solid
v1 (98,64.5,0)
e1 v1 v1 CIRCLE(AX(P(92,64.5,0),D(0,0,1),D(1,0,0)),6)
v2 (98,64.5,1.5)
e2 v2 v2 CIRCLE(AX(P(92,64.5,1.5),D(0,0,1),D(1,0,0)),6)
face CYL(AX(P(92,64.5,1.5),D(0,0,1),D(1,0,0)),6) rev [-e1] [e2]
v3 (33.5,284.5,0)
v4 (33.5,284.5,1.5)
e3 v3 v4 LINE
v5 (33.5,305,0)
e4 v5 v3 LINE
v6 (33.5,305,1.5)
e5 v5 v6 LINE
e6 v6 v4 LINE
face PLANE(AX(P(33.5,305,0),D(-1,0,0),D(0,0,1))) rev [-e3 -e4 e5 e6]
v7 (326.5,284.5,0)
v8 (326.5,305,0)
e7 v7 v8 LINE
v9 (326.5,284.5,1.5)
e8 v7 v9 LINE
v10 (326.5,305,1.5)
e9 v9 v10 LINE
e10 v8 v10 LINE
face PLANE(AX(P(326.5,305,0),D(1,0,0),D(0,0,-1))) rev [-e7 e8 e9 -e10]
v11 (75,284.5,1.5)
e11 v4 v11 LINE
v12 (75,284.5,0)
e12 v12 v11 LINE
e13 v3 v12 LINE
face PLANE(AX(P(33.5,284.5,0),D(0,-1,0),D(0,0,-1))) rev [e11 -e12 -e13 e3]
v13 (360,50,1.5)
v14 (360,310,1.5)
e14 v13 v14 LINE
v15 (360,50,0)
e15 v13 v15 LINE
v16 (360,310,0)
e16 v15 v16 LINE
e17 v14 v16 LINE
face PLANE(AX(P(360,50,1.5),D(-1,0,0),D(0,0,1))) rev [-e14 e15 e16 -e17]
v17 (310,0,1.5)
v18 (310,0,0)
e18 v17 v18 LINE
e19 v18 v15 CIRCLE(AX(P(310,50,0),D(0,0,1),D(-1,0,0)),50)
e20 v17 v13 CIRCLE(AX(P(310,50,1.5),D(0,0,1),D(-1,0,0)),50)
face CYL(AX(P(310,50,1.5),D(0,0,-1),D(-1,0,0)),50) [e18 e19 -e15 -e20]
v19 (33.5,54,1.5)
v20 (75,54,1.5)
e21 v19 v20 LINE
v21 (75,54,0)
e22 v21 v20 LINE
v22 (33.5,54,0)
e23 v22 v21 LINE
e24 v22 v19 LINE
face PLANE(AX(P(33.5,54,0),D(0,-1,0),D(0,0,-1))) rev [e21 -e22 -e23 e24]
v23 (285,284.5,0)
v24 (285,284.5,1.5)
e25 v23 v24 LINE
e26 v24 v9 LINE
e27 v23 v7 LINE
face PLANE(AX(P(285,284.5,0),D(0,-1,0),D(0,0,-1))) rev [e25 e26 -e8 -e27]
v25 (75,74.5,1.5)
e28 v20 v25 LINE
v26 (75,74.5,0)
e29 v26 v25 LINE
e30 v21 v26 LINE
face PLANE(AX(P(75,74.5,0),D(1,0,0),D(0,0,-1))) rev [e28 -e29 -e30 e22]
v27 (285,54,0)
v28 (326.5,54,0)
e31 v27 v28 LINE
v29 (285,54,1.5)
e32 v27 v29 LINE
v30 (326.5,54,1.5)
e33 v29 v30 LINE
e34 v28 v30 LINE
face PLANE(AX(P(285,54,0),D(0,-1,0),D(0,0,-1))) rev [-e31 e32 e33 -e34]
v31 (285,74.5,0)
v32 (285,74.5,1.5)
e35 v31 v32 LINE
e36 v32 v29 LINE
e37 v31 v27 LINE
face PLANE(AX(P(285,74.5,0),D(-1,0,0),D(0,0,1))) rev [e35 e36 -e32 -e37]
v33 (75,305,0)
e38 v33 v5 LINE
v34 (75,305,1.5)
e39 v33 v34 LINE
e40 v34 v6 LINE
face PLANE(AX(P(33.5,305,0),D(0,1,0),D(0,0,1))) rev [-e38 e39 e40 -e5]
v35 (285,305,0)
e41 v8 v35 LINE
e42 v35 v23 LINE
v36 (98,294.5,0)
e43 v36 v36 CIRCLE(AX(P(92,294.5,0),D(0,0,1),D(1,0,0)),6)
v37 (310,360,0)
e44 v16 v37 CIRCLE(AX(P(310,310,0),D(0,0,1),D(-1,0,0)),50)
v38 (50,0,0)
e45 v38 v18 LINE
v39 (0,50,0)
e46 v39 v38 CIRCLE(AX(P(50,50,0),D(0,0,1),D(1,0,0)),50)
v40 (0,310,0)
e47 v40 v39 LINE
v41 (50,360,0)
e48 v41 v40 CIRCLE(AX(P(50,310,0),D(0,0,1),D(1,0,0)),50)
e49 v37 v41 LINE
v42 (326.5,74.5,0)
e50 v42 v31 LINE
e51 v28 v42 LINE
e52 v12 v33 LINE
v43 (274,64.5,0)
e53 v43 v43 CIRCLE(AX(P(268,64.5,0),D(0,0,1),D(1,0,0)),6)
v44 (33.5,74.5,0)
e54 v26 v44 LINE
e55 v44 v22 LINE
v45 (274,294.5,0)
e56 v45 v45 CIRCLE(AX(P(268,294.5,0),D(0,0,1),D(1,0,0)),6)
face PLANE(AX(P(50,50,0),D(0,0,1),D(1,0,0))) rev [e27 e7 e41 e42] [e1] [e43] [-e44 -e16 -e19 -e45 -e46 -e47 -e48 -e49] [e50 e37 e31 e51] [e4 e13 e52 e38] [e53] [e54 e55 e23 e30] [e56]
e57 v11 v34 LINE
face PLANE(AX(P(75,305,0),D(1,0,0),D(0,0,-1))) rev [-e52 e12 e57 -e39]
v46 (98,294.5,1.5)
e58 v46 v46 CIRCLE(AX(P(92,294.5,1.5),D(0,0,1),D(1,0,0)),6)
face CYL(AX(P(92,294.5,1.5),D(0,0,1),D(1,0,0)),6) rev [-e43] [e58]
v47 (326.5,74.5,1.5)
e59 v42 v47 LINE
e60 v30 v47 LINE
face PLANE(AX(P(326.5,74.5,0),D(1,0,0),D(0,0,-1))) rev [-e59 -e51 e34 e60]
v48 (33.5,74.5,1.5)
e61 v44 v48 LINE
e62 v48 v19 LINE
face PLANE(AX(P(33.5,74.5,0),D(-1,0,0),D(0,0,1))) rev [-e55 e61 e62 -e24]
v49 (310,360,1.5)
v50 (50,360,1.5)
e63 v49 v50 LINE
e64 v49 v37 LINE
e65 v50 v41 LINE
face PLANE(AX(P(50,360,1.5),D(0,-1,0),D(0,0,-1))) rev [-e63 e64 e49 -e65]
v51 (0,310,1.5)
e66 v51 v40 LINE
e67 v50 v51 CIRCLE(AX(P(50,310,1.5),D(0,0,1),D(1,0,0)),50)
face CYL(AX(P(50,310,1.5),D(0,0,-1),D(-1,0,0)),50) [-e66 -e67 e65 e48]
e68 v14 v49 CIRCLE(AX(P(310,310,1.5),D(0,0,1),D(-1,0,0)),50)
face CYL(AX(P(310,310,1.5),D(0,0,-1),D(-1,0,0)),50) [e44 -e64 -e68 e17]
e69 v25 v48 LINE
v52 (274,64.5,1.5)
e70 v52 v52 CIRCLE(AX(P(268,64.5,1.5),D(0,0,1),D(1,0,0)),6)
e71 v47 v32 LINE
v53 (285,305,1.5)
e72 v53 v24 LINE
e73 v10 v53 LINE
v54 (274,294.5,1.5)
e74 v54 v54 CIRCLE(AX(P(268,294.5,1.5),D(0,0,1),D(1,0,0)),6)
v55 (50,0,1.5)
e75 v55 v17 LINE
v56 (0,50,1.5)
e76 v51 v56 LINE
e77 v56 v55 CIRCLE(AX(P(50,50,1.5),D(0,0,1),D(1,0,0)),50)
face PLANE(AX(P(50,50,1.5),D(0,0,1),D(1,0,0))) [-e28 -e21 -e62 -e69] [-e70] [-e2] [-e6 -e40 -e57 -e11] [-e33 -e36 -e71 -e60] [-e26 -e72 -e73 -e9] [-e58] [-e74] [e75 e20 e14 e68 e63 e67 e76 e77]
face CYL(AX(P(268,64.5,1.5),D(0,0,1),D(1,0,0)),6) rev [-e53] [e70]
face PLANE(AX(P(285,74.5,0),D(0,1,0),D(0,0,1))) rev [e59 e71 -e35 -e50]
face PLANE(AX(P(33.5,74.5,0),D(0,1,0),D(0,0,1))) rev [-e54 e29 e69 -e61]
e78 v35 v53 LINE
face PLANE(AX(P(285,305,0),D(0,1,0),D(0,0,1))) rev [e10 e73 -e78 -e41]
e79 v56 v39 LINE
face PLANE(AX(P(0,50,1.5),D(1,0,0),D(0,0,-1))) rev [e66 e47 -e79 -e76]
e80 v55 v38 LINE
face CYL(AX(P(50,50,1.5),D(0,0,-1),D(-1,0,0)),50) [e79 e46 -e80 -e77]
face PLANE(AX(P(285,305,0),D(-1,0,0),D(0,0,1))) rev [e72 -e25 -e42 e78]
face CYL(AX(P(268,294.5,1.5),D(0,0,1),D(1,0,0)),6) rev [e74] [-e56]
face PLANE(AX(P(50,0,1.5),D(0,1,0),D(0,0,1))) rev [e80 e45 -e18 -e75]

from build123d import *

# Parameters (mm, degrees)
BOSS_EXTRUDE1_DEPTH    = 1.5
SKETCH2_W              = 41.5
SKETCH2_H              = 20.5
CUT_EXTRUDE1_DEPTH     = 1.5
F_12_0MM_DOWEL_HOLE1_D = 12


with BuildPart() as part:
    # Sketch1 → Boss-Extrude1 (new body)
    with BuildSketch(Plane.XY):
        with BuildLine():
            Line((50, 0), (310, 0))
            ThreePointArc((310, 0), (345.355339059, 14.644660941), (360, 50))
            Line((360, 50), (360, 310))
            ThreePointArc((360, 310), (345.355339059, 345.355339059), (310, 360))
            Line((310, 360), (50, 360))
            ThreePointArc((50, 360), (14.644660941, 345.355339059), (0, 310))
            Line((0, 310), (0, 50))
            ThreePointArc((0, 50), (14.644660941, 14.644660941), (50, 0))
        make_face()
    extrude(amount=BOSS_EXTRUDE1_DEPTH)

    # Sketch2 → Cut-Extrude1 (cut)
    with BuildSketch(Plane.XY.offset(1.5)):
        with Locations((54.25, 294.75)):
            Rectangle(SKETCH2_W, SKETCH2_H)
        with Locations((305.75, 294.75)):
            Rectangle(SKETCH2_W, SKETCH2_H)
        with Locations((305.75, 64.25)):
            Rectangle(SKETCH2_W, SKETCH2_H)
        with Locations((54.25, 64.25)):
            Rectangle(SKETCH2_W, SKETCH2_H)
    extrude(amount=-CUT_EXTRUDE1_DEPTH, mode=Mode.SUBTRACT)

    # Ø12.0mm Dowel Hole1 (through all)
    with Locations(Plane(origin=(92, 294.5, 1.5), x_dir=(1, 0, 0), z_dir=(0, 0, 1))):
        with Locations((0, 0), (176, 0), (176, -230), (0, -230)):
            Hole(F_12_0MM_DOWEL_HOLE1_D / 2)


solid = part.part
